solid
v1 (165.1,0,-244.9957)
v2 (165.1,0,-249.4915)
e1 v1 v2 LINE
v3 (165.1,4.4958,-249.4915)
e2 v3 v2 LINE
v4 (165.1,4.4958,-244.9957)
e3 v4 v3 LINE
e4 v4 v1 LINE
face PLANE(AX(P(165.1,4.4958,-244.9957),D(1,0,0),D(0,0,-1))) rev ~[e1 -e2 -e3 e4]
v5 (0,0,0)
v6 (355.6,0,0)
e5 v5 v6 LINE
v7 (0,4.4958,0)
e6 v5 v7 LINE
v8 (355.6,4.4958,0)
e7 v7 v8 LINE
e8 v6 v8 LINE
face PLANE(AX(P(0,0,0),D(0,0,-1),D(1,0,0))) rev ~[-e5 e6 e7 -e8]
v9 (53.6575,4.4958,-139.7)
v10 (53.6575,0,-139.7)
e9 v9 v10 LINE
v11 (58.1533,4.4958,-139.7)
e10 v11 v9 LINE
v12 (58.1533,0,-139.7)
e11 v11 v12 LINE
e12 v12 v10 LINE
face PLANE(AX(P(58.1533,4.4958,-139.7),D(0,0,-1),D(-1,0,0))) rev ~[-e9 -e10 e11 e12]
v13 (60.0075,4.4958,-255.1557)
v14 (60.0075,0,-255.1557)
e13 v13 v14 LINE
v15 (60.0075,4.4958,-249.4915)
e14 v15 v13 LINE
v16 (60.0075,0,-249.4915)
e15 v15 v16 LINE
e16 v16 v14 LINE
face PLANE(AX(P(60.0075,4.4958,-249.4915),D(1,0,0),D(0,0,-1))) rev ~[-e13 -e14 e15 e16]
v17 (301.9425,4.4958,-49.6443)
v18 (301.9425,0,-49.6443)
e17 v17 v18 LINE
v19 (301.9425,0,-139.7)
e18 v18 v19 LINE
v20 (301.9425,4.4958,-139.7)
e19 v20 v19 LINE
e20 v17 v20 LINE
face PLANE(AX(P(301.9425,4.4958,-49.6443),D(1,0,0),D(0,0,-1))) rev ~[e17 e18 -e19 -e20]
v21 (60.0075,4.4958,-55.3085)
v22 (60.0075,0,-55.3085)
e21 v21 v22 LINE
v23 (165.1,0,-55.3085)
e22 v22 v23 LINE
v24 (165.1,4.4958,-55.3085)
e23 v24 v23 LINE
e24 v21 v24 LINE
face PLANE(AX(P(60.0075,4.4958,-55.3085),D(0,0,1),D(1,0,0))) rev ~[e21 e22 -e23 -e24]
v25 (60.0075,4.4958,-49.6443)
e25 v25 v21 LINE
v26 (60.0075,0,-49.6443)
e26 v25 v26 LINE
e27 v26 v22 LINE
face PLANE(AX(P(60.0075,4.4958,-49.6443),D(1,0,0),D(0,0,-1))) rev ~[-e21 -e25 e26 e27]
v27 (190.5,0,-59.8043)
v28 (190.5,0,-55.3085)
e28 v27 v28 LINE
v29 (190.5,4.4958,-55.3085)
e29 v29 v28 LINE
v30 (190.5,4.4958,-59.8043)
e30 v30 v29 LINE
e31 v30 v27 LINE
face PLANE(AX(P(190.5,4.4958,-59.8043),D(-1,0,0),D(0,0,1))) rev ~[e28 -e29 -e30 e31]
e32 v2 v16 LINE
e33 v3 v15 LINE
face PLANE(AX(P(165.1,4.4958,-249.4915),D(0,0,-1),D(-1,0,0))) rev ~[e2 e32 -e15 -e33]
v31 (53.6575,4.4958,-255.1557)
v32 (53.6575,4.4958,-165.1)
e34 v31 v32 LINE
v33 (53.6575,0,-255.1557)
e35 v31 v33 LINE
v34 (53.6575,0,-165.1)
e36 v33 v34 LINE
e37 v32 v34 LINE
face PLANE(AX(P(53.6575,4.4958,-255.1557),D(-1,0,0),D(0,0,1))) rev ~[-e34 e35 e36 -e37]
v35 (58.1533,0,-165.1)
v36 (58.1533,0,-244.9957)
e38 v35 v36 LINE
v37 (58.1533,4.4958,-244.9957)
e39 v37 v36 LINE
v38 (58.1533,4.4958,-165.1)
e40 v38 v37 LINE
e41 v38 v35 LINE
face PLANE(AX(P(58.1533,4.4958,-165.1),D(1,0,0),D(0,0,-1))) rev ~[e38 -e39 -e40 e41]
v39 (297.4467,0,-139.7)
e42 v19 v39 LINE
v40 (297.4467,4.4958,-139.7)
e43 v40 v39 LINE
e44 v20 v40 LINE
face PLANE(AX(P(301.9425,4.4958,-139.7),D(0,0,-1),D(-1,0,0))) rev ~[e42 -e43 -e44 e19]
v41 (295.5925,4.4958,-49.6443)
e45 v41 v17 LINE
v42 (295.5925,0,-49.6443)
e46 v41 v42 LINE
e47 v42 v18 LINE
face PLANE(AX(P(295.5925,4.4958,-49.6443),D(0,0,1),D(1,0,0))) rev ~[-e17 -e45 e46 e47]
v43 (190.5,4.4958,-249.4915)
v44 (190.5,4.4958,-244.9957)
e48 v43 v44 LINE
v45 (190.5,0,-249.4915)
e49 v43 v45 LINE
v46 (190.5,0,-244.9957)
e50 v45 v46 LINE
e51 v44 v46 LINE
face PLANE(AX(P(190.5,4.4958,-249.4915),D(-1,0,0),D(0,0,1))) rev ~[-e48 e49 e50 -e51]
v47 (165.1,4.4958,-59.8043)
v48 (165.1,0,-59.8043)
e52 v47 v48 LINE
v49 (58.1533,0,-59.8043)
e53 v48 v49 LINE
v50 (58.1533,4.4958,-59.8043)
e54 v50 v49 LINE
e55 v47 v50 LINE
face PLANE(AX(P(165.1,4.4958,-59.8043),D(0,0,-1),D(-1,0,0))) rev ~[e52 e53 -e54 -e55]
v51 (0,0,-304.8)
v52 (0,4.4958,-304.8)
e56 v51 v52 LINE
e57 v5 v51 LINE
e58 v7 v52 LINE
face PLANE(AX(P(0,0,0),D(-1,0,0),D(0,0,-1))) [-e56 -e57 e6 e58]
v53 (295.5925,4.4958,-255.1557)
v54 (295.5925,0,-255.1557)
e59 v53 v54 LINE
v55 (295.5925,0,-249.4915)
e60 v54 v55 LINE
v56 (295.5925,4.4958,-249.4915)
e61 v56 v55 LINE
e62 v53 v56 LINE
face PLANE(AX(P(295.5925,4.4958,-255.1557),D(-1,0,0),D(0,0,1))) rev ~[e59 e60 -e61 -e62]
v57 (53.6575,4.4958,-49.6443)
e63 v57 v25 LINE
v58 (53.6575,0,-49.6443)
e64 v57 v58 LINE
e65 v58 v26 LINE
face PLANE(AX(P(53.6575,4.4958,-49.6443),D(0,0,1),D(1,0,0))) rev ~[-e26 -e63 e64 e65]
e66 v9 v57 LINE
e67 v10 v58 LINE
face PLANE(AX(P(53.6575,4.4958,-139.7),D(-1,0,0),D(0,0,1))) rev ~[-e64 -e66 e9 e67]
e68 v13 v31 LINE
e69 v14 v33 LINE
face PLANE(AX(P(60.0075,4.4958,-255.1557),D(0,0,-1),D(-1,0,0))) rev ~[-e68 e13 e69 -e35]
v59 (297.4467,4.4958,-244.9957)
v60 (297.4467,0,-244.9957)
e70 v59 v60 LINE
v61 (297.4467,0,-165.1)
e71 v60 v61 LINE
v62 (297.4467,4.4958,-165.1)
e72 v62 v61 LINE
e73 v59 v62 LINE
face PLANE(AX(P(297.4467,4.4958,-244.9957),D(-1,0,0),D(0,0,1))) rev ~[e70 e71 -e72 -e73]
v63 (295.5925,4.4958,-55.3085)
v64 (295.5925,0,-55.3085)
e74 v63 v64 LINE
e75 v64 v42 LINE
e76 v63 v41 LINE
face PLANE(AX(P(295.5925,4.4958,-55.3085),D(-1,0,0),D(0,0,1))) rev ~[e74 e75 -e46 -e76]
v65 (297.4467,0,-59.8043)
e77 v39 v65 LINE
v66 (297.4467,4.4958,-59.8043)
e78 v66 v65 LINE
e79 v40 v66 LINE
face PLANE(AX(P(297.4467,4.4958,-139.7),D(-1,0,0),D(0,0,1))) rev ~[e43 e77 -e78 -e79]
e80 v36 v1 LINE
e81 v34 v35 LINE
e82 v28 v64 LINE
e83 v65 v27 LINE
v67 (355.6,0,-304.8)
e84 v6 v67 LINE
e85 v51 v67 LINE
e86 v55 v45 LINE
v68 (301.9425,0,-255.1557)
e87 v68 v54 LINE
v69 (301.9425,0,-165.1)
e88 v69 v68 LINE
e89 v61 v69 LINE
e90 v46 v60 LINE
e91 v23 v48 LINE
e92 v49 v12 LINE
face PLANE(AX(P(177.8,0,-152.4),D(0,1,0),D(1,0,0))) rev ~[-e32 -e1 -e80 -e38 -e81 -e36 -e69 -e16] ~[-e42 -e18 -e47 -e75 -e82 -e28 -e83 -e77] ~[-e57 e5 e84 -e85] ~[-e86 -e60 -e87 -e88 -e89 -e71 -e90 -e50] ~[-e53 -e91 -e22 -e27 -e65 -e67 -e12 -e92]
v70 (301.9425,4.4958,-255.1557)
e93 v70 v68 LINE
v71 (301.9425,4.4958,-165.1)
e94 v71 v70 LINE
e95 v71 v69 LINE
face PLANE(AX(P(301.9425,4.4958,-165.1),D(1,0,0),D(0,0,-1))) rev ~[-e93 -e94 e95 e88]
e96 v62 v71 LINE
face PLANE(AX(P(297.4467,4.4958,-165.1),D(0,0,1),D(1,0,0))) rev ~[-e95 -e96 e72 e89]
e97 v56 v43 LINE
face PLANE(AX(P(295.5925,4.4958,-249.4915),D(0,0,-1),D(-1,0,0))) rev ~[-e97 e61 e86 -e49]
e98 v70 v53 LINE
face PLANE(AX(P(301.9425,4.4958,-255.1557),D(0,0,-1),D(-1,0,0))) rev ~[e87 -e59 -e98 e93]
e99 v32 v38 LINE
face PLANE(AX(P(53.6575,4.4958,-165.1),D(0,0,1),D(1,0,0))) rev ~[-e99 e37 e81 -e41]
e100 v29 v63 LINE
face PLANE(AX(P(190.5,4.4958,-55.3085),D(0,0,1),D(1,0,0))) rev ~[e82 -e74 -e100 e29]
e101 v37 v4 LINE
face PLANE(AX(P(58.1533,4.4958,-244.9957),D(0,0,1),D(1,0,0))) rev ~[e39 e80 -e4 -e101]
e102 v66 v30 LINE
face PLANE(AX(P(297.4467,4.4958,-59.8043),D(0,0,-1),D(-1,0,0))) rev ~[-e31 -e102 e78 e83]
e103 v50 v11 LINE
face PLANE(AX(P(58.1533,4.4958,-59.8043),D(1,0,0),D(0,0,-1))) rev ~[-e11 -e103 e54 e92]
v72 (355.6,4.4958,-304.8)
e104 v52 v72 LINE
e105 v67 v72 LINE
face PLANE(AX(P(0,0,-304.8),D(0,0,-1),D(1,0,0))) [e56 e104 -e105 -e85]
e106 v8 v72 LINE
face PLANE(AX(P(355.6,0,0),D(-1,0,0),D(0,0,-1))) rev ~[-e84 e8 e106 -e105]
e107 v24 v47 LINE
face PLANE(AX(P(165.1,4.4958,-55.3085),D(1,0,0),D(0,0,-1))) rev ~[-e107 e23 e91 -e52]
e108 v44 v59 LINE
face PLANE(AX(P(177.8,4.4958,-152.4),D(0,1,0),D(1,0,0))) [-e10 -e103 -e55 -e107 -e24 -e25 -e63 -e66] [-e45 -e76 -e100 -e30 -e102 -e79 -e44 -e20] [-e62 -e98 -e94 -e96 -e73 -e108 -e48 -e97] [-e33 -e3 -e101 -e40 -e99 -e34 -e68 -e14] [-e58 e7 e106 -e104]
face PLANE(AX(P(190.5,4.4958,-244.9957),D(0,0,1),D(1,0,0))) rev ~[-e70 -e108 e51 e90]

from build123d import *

# Parameters (mm, degrees)
SKETCH2_W           = 355.6
SKETCH2_H           = 304.8
BOSS_EXTRUDE1_DEPTH = 4.4958
CUT_EXTRUDE3_DEPTH  = 6.35


with BuildPart() as part:
    # Sketch2 → Boss-Extrude1 (new body)
    with BuildSketch(Plane(origin=(0, 0, 0), x_dir=(1, 0, 0), z_dir=(0, 1, 0))):
        with Locations((177.8, 152.4)):
            Rectangle(SKETCH2_W, SKETCH2_H)
    extrude(amount=BOSS_EXTRUDE1_DEPTH)

    # Sketch3 → Cut-Extrude3 (cut)
    with BuildSketch(Plane(origin=(0, 4.4958, 0), x_dir=(1, 0, 0), z_dir=(0, 1, 0))):
        Polygon((60.0075, 49.6443), (60.0075, 55.3085), (165.1, 55.3085), (165.1, 59.8043), (58.1533, 59.8043), (58.1533, 139.7), (53.6575, 139.7), (53.6575, 49.6443), align=None)
        Polygon((190.5, 59.8043), (190.5, 55.3085), (295.5925, 55.3085), (295.5925, 49.6443), (301.9425, 49.6443), (301.9425, 139.7), (297.4467, 139.7), (297.4467, 59.8043), align=None)
        Polygon((53.6575, 165.1), (58.1533, 165.1), (58.1533, 244.9957), (165.1, 244.9957), (165.1, 249.4915), (60.0075, 249.4915), (60.0075, 255.1557), (53.6575, 255.1557), align=None)
        Polygon((297.4467, 244.9957), (297.4467, 165.1), (301.9425, 165.1), (301.9425, 255.1557), (295.5925, 255.1557), (295.5925, 249.4915), (190.5, 249.4915), (190.5, 244.9957), align=None)
    extrude(amount=-CUT_EXTRUDE3_DEPTH, mode=Mode.SUBTRACT)


solid = part.part
